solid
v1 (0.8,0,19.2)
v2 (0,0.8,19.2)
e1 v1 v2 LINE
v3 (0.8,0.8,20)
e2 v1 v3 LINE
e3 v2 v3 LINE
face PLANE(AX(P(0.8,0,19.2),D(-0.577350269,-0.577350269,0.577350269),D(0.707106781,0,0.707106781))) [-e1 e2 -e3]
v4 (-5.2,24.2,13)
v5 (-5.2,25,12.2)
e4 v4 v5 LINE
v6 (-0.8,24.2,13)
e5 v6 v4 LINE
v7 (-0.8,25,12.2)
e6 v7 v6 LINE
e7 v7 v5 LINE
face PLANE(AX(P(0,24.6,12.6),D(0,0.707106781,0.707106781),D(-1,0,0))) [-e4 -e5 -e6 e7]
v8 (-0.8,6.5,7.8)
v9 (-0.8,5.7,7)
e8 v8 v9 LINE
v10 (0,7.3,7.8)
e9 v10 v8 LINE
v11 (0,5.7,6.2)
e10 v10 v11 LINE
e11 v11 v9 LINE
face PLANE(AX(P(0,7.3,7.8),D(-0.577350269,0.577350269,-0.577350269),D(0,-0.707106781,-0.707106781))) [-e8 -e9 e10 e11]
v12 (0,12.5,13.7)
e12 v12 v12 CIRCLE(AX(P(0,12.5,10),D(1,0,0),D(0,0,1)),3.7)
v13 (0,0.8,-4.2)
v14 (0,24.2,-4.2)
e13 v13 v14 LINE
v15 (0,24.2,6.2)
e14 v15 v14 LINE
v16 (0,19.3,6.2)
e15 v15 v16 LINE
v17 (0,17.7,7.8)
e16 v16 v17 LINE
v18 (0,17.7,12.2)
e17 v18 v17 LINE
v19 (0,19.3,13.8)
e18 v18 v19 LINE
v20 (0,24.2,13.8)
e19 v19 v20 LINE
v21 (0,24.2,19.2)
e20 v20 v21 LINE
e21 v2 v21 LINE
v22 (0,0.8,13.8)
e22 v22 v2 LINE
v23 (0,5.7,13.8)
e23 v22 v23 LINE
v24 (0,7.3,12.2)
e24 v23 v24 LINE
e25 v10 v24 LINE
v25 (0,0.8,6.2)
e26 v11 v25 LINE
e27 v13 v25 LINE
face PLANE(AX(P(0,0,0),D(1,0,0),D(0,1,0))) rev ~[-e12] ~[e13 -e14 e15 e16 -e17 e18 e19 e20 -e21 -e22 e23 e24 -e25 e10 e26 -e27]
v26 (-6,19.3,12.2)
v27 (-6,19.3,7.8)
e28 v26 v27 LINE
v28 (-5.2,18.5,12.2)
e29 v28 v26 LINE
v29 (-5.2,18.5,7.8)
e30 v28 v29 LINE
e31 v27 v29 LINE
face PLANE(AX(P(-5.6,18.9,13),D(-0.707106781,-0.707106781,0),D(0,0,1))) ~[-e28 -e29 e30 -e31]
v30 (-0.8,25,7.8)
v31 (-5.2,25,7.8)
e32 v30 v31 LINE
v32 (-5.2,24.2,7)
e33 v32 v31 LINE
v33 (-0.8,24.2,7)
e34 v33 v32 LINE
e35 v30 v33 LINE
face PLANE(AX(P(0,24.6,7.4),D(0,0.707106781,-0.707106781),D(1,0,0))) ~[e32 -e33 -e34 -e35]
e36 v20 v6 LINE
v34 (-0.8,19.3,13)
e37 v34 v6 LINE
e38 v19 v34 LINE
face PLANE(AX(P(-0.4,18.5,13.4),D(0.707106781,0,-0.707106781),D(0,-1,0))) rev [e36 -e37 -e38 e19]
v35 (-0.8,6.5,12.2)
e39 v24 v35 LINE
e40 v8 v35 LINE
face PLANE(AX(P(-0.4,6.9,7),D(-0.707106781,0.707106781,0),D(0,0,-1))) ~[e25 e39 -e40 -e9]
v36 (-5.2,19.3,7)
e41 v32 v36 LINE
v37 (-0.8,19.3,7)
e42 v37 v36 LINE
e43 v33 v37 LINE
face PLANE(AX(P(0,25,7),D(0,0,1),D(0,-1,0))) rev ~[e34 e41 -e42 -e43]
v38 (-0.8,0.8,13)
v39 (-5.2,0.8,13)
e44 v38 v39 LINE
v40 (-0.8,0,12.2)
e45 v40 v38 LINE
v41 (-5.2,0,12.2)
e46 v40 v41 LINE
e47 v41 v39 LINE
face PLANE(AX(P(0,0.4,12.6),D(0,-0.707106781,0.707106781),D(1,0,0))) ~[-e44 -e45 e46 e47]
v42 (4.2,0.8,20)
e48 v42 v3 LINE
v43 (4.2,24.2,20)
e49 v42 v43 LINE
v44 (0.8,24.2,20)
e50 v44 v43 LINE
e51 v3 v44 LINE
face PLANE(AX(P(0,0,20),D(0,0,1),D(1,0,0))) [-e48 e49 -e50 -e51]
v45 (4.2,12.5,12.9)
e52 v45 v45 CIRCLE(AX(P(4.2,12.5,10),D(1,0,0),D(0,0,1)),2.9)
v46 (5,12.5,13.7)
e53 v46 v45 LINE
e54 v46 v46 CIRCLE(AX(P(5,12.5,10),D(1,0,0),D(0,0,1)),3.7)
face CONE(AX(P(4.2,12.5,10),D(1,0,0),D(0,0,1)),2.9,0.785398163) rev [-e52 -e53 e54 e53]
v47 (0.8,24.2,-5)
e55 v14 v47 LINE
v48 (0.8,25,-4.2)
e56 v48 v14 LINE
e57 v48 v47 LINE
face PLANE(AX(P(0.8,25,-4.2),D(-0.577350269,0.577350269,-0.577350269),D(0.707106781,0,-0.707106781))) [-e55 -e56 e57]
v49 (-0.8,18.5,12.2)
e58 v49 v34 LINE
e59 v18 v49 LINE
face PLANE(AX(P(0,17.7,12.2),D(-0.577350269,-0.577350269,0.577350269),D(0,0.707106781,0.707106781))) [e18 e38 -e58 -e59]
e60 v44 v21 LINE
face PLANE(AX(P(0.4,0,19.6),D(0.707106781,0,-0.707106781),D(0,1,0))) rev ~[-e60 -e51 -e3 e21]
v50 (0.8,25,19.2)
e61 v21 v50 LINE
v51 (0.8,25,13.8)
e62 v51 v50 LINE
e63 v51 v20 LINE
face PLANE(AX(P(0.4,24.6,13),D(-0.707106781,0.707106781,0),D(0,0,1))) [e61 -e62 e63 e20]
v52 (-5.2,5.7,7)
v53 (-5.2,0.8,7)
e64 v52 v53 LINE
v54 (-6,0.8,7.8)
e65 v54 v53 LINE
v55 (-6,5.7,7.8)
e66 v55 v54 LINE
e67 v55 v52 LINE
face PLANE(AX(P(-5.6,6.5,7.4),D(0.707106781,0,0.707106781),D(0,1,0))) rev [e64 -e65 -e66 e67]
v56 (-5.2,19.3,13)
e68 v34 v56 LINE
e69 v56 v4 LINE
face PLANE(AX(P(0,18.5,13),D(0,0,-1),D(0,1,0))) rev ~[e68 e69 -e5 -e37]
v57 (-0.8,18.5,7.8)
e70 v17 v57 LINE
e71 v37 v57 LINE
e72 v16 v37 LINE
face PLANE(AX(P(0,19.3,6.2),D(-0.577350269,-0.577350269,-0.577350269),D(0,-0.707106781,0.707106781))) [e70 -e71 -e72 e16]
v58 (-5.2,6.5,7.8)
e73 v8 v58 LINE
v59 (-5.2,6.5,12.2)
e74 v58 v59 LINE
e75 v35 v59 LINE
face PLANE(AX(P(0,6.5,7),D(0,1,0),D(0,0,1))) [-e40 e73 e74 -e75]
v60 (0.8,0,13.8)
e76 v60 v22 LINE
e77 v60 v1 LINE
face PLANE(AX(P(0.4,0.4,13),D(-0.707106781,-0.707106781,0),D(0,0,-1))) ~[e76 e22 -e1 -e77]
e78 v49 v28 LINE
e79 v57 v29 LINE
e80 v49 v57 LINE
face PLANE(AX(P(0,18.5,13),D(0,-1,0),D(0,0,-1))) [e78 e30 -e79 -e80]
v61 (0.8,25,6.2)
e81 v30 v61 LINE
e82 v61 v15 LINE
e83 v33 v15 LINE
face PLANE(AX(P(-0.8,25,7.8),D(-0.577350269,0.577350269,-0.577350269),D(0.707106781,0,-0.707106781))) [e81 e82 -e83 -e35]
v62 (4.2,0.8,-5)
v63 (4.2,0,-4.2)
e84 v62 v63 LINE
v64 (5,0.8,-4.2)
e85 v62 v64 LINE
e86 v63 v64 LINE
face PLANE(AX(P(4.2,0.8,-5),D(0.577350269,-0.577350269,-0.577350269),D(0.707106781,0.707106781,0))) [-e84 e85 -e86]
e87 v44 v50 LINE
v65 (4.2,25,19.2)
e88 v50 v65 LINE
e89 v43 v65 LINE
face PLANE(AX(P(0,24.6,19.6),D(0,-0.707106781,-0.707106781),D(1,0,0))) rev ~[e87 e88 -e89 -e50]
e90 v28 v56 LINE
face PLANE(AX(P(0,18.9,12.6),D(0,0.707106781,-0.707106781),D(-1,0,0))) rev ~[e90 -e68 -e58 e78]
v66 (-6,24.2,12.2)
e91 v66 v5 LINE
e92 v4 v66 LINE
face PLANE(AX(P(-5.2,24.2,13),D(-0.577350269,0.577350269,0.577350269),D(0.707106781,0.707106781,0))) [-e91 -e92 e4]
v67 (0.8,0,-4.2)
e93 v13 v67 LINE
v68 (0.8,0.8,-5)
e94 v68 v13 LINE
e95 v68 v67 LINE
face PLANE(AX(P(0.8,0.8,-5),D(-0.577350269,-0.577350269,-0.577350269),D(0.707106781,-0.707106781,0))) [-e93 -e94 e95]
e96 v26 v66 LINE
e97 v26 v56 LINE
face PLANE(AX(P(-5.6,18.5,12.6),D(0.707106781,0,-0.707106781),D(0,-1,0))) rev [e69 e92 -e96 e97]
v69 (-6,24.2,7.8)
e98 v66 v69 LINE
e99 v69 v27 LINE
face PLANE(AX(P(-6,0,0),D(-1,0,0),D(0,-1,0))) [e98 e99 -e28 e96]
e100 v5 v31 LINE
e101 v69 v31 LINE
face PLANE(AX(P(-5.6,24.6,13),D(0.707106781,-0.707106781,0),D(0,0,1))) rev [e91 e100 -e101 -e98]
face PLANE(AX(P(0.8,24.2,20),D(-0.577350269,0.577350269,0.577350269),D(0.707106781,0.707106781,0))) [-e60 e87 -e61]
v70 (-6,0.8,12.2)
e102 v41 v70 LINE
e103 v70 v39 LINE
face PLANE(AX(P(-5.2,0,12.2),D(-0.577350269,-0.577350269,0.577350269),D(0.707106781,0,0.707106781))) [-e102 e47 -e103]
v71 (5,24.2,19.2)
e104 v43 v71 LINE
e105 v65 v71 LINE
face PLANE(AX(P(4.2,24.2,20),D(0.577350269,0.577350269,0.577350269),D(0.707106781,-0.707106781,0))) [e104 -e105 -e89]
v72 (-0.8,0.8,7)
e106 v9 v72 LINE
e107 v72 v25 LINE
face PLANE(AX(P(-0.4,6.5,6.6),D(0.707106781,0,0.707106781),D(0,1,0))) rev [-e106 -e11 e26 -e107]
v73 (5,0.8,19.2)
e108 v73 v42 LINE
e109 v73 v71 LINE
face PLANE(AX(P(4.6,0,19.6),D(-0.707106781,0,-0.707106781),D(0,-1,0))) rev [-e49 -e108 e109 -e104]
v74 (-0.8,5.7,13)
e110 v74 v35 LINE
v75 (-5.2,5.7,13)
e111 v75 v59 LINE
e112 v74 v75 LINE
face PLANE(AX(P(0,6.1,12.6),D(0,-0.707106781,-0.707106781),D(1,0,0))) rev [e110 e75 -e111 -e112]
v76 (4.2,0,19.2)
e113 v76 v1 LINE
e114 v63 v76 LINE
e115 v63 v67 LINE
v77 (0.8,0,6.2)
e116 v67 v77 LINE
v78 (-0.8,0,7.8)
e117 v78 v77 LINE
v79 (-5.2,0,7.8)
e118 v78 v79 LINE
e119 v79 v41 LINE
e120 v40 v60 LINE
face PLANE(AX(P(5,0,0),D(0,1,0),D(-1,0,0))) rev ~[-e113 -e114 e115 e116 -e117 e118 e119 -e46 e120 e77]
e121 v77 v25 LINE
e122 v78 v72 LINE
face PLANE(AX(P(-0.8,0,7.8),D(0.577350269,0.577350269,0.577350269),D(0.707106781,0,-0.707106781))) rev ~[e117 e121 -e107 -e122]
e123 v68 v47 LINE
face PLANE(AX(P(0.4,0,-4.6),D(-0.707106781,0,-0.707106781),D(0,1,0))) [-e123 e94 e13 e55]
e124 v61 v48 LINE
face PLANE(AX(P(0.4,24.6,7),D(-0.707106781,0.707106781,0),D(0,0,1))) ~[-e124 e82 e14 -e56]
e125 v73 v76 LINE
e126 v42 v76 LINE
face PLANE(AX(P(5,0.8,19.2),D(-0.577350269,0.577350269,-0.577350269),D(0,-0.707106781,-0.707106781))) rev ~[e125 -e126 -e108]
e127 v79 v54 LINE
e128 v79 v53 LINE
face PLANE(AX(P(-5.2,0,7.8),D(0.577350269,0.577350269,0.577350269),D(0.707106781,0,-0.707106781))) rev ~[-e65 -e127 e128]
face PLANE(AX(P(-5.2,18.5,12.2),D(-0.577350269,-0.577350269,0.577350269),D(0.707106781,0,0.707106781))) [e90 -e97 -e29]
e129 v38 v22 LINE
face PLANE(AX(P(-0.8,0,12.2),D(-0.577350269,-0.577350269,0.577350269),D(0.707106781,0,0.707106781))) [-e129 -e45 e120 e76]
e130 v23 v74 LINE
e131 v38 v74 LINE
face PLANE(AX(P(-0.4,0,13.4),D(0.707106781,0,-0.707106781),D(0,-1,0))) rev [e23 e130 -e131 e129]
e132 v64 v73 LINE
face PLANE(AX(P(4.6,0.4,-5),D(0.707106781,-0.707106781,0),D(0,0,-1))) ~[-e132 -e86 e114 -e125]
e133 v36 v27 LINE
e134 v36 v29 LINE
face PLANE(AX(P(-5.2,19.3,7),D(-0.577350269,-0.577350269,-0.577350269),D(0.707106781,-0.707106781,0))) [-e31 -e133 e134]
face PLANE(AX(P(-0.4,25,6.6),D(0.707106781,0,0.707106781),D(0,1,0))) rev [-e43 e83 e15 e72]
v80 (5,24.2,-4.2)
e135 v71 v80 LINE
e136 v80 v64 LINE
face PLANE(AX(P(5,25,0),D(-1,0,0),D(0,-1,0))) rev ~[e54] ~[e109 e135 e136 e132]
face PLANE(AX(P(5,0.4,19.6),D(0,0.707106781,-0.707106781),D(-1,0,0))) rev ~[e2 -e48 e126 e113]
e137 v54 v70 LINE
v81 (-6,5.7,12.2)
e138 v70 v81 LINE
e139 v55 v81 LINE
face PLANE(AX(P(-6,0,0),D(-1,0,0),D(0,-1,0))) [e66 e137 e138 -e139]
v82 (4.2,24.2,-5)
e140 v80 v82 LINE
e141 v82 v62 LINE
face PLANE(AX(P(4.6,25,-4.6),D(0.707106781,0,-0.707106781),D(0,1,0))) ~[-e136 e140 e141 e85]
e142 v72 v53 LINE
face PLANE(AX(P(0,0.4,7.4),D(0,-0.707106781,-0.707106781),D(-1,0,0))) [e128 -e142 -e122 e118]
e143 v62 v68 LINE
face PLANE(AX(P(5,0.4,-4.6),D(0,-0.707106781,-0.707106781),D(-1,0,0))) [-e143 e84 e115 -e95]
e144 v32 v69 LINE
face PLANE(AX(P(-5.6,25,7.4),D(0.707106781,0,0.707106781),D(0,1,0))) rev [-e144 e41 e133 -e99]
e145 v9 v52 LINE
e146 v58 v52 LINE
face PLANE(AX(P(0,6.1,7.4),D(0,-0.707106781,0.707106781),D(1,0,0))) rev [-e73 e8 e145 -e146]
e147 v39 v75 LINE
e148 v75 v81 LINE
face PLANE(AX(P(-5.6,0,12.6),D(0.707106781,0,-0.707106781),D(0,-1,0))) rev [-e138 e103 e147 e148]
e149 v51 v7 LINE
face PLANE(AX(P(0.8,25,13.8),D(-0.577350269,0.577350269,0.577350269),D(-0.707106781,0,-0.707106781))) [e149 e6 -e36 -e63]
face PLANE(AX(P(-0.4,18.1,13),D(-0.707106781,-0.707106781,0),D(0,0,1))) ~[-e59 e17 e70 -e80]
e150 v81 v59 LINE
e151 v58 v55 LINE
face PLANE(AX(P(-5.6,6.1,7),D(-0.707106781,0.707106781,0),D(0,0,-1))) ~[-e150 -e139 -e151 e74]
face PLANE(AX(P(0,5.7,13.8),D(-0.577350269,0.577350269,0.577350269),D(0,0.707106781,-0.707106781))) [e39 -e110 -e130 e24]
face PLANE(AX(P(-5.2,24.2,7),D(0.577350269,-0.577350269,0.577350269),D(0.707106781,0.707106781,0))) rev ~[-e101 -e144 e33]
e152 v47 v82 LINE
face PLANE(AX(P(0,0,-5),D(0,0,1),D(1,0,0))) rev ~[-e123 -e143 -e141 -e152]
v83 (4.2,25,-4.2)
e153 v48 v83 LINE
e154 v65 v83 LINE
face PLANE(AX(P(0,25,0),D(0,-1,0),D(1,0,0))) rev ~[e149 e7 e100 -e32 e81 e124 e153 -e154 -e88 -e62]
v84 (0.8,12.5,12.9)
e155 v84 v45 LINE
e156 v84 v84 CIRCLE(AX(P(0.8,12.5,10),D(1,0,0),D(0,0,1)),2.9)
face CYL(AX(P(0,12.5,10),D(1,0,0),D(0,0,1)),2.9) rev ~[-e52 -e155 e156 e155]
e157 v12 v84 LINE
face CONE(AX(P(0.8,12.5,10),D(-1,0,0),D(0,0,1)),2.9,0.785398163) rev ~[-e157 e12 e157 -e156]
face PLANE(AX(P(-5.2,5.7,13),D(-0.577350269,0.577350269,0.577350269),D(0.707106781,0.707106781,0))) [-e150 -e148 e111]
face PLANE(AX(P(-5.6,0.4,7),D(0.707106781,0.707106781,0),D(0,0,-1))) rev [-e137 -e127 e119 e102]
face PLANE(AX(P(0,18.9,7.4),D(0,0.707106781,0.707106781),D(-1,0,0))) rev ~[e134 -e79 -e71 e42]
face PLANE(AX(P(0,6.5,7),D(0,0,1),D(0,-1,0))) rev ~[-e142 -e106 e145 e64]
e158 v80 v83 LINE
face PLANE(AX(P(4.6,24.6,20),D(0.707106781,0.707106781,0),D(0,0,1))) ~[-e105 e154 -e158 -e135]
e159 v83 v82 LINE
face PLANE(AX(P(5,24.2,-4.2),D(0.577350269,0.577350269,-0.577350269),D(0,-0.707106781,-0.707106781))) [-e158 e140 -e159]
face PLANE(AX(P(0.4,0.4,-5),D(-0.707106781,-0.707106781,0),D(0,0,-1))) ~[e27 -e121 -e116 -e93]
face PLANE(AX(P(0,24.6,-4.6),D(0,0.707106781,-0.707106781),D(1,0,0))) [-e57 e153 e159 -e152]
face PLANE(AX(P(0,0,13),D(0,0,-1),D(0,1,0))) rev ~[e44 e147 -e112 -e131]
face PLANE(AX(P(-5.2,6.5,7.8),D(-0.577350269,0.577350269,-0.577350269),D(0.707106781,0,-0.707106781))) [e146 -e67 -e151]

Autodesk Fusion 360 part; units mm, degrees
sketch "Bracket Profile" plane through (0, 0, 0) normal (0, 0, 1) x (1, 0, 0) in component "Bracket"
  line L0 (0, 0) -> (0, 25)
  line L1 (0, 25) -> (5, 25)
  line L2 (5, 25) -> (5, 20)
  line L3 (5, 20) -> (5, 0)
  line L4 (5, 0) -> (0, 0)
  dimension "d1" = 5
  dimension "d2" = 5
  dimension "d3" = 25
  dimension "d4" = 5
extrude "Extrude1" add sketch "Bracket Profile" along normal blind 20 in component "Bracket"
sketch "Clearance Hole" plane through (0, 0, 0) normal (-1, 0, 0) x (0, -1, 0) in component "Bracket"
  line L0 (-25, 0) -> (0, 0)
  line L1 (0, 0) -> (0, 20)
  line L2 (0, 20) -> (-25, 20)
  line L3 (-25, 20) -> (-25, 0)
  line L4 (-25, 10) -> (0, 10) construction
  line L5 (-12.5, 20) -> (-12.5, 0) construction
  circle A0 centre (-12.5, 10) radius 2.9
  circle A1 centre (-12.5, 10) radius 4.5
  line L6 (0, 13) -> (-25, 13)
  line L7 (-25, 13) -> (-25, 7)
  line L8 (-25, 7) -> (0, 7)
  line L9 (0, 7) -> (0, 13)
  line L10 (0, 13) -> (-25, 7) construction
  line L11 (-25, 13) -> (0, 7) construction
  line L12 (-6.5, 13) -> (-18.5, 13)
  line L13 (-18.5, 13) -> (-18.5, 7)
  line L14 (-18.5, 7) -> (-6.5, 7)
  line L15 (-6.5, 7) -> (-6.5, 13)
  line L16 (-6.5, 13) -> (-18.5, 7) construction
  line L17 (-18.5, 13) -> (-6.5, 7) construction
  point P0 (-12.5, 10)
  point P1 (-12.5, 10)
  dimension "d9" = 5.8
  dimension "d13" = 9
  dimension "d20" = 25
  dimension "d21" = 6
  dimension "d24" = 12
  dimension "d25" = 6
extrude "Extrude3" add sketch "Clearance Hole" along normal blind 6 contours L3 L6 L7 L8 L13 | L1 L6 L8 L9 L15 in component "Bracket"
hole "Hole1" at (0, 12.5, 10) direction (1, 0, 0) diameter 5.8 end through all in component "Bracket"
sketch "Sketch3" plane through (0, 25, 0) normal (0, 1, 0) x (-1, 0, 0) in component "Bracket"
  line L0 (-5, 0) -> (0, 0)
  line L1 (0, 0) -> (0, 7)
  line L2 (0, 7) -> (6, 7)
  line L3 (6, 7) -> (6, 13)
  line L4 (6, 13) -> (0, 13)
  line L5 (0, 13) -> (0, 20)
  line L6 (0, 20) -> (-5, 20)
  line L7 (0, 20) -> (-25, 20)
  line L8 (-25, 20) -> (-25, 15)
  line L9 (-25, 15) -> (0, 15)
  line L10 (0, 15) -> (0, 20)
  line L11 (-5, 20) -> (-5, 0)
  dimension "d28" = 25
  dimension "d29" = 5
extrude "Extrude5" add 1 faces at (1.6667, 16.6667, 0) along direction (0, 0, -1) blind 5 in component "Bracket"
chamfer "Chamfer2" distance 0.8 angle 45 12 faces at (0, 12.5, -0.9667) (-6, 4.3333, 11) (-6, 22.8333, 11) (3.3333, 25, 7.3333) (1.6667, 16.6667, 20) (-2, 20.6667, 13) (-2, 2.1667, 13) (-2, 6.5, 9) (-4, 18.5, 9) (3.3333, 0, 7.3333) (5, 12.5, -0.9667) (1.6667, 16.6667, -5) in component "Bracket"
component "Bracket" placed x (1, 0, 0) y (0, 1, 0) z (0, 0, 1) at (0, 0, 0)
equation "d1 = BracketLipSize"
equation "d2 = BracketLipSize"
equation "d3 = ExtrusionSize + BracketLipSize"
equation "d4 = BracketLipSize"
equation "ExtrusionSize = 20 mm"
equation "BracketLipSize = 5 mm"
equation "d7 = ExtrusionSize"
equation "d9 = ScrewClearanceHole"
equation "ScrewClearanceHole = 5.8 mm"
equation "d11 = ScrewClearanceHole"
equation "d13 = ScrewHeadClearance"
equation "ScrewHeadClearance = 9 mm"
equation "Chamfer = 0.8 mm"
equation "Tounge = 6 mm"
equation "d20 = ExtrusionSize + BracketLipSize"
equation "d21 = Tounge"
equation "d22 = Tounge"
equation "d24 = NutClearance"
equation "d25 = Tounge"
equation "NutClearance = 12 mm"
equation "d28 = ExtrusionSize + BracketLipSize"
equation "d29 = BracketLipSize"
equation "d32 = BracketLipSize"
equation "d34 = Chamfer"
